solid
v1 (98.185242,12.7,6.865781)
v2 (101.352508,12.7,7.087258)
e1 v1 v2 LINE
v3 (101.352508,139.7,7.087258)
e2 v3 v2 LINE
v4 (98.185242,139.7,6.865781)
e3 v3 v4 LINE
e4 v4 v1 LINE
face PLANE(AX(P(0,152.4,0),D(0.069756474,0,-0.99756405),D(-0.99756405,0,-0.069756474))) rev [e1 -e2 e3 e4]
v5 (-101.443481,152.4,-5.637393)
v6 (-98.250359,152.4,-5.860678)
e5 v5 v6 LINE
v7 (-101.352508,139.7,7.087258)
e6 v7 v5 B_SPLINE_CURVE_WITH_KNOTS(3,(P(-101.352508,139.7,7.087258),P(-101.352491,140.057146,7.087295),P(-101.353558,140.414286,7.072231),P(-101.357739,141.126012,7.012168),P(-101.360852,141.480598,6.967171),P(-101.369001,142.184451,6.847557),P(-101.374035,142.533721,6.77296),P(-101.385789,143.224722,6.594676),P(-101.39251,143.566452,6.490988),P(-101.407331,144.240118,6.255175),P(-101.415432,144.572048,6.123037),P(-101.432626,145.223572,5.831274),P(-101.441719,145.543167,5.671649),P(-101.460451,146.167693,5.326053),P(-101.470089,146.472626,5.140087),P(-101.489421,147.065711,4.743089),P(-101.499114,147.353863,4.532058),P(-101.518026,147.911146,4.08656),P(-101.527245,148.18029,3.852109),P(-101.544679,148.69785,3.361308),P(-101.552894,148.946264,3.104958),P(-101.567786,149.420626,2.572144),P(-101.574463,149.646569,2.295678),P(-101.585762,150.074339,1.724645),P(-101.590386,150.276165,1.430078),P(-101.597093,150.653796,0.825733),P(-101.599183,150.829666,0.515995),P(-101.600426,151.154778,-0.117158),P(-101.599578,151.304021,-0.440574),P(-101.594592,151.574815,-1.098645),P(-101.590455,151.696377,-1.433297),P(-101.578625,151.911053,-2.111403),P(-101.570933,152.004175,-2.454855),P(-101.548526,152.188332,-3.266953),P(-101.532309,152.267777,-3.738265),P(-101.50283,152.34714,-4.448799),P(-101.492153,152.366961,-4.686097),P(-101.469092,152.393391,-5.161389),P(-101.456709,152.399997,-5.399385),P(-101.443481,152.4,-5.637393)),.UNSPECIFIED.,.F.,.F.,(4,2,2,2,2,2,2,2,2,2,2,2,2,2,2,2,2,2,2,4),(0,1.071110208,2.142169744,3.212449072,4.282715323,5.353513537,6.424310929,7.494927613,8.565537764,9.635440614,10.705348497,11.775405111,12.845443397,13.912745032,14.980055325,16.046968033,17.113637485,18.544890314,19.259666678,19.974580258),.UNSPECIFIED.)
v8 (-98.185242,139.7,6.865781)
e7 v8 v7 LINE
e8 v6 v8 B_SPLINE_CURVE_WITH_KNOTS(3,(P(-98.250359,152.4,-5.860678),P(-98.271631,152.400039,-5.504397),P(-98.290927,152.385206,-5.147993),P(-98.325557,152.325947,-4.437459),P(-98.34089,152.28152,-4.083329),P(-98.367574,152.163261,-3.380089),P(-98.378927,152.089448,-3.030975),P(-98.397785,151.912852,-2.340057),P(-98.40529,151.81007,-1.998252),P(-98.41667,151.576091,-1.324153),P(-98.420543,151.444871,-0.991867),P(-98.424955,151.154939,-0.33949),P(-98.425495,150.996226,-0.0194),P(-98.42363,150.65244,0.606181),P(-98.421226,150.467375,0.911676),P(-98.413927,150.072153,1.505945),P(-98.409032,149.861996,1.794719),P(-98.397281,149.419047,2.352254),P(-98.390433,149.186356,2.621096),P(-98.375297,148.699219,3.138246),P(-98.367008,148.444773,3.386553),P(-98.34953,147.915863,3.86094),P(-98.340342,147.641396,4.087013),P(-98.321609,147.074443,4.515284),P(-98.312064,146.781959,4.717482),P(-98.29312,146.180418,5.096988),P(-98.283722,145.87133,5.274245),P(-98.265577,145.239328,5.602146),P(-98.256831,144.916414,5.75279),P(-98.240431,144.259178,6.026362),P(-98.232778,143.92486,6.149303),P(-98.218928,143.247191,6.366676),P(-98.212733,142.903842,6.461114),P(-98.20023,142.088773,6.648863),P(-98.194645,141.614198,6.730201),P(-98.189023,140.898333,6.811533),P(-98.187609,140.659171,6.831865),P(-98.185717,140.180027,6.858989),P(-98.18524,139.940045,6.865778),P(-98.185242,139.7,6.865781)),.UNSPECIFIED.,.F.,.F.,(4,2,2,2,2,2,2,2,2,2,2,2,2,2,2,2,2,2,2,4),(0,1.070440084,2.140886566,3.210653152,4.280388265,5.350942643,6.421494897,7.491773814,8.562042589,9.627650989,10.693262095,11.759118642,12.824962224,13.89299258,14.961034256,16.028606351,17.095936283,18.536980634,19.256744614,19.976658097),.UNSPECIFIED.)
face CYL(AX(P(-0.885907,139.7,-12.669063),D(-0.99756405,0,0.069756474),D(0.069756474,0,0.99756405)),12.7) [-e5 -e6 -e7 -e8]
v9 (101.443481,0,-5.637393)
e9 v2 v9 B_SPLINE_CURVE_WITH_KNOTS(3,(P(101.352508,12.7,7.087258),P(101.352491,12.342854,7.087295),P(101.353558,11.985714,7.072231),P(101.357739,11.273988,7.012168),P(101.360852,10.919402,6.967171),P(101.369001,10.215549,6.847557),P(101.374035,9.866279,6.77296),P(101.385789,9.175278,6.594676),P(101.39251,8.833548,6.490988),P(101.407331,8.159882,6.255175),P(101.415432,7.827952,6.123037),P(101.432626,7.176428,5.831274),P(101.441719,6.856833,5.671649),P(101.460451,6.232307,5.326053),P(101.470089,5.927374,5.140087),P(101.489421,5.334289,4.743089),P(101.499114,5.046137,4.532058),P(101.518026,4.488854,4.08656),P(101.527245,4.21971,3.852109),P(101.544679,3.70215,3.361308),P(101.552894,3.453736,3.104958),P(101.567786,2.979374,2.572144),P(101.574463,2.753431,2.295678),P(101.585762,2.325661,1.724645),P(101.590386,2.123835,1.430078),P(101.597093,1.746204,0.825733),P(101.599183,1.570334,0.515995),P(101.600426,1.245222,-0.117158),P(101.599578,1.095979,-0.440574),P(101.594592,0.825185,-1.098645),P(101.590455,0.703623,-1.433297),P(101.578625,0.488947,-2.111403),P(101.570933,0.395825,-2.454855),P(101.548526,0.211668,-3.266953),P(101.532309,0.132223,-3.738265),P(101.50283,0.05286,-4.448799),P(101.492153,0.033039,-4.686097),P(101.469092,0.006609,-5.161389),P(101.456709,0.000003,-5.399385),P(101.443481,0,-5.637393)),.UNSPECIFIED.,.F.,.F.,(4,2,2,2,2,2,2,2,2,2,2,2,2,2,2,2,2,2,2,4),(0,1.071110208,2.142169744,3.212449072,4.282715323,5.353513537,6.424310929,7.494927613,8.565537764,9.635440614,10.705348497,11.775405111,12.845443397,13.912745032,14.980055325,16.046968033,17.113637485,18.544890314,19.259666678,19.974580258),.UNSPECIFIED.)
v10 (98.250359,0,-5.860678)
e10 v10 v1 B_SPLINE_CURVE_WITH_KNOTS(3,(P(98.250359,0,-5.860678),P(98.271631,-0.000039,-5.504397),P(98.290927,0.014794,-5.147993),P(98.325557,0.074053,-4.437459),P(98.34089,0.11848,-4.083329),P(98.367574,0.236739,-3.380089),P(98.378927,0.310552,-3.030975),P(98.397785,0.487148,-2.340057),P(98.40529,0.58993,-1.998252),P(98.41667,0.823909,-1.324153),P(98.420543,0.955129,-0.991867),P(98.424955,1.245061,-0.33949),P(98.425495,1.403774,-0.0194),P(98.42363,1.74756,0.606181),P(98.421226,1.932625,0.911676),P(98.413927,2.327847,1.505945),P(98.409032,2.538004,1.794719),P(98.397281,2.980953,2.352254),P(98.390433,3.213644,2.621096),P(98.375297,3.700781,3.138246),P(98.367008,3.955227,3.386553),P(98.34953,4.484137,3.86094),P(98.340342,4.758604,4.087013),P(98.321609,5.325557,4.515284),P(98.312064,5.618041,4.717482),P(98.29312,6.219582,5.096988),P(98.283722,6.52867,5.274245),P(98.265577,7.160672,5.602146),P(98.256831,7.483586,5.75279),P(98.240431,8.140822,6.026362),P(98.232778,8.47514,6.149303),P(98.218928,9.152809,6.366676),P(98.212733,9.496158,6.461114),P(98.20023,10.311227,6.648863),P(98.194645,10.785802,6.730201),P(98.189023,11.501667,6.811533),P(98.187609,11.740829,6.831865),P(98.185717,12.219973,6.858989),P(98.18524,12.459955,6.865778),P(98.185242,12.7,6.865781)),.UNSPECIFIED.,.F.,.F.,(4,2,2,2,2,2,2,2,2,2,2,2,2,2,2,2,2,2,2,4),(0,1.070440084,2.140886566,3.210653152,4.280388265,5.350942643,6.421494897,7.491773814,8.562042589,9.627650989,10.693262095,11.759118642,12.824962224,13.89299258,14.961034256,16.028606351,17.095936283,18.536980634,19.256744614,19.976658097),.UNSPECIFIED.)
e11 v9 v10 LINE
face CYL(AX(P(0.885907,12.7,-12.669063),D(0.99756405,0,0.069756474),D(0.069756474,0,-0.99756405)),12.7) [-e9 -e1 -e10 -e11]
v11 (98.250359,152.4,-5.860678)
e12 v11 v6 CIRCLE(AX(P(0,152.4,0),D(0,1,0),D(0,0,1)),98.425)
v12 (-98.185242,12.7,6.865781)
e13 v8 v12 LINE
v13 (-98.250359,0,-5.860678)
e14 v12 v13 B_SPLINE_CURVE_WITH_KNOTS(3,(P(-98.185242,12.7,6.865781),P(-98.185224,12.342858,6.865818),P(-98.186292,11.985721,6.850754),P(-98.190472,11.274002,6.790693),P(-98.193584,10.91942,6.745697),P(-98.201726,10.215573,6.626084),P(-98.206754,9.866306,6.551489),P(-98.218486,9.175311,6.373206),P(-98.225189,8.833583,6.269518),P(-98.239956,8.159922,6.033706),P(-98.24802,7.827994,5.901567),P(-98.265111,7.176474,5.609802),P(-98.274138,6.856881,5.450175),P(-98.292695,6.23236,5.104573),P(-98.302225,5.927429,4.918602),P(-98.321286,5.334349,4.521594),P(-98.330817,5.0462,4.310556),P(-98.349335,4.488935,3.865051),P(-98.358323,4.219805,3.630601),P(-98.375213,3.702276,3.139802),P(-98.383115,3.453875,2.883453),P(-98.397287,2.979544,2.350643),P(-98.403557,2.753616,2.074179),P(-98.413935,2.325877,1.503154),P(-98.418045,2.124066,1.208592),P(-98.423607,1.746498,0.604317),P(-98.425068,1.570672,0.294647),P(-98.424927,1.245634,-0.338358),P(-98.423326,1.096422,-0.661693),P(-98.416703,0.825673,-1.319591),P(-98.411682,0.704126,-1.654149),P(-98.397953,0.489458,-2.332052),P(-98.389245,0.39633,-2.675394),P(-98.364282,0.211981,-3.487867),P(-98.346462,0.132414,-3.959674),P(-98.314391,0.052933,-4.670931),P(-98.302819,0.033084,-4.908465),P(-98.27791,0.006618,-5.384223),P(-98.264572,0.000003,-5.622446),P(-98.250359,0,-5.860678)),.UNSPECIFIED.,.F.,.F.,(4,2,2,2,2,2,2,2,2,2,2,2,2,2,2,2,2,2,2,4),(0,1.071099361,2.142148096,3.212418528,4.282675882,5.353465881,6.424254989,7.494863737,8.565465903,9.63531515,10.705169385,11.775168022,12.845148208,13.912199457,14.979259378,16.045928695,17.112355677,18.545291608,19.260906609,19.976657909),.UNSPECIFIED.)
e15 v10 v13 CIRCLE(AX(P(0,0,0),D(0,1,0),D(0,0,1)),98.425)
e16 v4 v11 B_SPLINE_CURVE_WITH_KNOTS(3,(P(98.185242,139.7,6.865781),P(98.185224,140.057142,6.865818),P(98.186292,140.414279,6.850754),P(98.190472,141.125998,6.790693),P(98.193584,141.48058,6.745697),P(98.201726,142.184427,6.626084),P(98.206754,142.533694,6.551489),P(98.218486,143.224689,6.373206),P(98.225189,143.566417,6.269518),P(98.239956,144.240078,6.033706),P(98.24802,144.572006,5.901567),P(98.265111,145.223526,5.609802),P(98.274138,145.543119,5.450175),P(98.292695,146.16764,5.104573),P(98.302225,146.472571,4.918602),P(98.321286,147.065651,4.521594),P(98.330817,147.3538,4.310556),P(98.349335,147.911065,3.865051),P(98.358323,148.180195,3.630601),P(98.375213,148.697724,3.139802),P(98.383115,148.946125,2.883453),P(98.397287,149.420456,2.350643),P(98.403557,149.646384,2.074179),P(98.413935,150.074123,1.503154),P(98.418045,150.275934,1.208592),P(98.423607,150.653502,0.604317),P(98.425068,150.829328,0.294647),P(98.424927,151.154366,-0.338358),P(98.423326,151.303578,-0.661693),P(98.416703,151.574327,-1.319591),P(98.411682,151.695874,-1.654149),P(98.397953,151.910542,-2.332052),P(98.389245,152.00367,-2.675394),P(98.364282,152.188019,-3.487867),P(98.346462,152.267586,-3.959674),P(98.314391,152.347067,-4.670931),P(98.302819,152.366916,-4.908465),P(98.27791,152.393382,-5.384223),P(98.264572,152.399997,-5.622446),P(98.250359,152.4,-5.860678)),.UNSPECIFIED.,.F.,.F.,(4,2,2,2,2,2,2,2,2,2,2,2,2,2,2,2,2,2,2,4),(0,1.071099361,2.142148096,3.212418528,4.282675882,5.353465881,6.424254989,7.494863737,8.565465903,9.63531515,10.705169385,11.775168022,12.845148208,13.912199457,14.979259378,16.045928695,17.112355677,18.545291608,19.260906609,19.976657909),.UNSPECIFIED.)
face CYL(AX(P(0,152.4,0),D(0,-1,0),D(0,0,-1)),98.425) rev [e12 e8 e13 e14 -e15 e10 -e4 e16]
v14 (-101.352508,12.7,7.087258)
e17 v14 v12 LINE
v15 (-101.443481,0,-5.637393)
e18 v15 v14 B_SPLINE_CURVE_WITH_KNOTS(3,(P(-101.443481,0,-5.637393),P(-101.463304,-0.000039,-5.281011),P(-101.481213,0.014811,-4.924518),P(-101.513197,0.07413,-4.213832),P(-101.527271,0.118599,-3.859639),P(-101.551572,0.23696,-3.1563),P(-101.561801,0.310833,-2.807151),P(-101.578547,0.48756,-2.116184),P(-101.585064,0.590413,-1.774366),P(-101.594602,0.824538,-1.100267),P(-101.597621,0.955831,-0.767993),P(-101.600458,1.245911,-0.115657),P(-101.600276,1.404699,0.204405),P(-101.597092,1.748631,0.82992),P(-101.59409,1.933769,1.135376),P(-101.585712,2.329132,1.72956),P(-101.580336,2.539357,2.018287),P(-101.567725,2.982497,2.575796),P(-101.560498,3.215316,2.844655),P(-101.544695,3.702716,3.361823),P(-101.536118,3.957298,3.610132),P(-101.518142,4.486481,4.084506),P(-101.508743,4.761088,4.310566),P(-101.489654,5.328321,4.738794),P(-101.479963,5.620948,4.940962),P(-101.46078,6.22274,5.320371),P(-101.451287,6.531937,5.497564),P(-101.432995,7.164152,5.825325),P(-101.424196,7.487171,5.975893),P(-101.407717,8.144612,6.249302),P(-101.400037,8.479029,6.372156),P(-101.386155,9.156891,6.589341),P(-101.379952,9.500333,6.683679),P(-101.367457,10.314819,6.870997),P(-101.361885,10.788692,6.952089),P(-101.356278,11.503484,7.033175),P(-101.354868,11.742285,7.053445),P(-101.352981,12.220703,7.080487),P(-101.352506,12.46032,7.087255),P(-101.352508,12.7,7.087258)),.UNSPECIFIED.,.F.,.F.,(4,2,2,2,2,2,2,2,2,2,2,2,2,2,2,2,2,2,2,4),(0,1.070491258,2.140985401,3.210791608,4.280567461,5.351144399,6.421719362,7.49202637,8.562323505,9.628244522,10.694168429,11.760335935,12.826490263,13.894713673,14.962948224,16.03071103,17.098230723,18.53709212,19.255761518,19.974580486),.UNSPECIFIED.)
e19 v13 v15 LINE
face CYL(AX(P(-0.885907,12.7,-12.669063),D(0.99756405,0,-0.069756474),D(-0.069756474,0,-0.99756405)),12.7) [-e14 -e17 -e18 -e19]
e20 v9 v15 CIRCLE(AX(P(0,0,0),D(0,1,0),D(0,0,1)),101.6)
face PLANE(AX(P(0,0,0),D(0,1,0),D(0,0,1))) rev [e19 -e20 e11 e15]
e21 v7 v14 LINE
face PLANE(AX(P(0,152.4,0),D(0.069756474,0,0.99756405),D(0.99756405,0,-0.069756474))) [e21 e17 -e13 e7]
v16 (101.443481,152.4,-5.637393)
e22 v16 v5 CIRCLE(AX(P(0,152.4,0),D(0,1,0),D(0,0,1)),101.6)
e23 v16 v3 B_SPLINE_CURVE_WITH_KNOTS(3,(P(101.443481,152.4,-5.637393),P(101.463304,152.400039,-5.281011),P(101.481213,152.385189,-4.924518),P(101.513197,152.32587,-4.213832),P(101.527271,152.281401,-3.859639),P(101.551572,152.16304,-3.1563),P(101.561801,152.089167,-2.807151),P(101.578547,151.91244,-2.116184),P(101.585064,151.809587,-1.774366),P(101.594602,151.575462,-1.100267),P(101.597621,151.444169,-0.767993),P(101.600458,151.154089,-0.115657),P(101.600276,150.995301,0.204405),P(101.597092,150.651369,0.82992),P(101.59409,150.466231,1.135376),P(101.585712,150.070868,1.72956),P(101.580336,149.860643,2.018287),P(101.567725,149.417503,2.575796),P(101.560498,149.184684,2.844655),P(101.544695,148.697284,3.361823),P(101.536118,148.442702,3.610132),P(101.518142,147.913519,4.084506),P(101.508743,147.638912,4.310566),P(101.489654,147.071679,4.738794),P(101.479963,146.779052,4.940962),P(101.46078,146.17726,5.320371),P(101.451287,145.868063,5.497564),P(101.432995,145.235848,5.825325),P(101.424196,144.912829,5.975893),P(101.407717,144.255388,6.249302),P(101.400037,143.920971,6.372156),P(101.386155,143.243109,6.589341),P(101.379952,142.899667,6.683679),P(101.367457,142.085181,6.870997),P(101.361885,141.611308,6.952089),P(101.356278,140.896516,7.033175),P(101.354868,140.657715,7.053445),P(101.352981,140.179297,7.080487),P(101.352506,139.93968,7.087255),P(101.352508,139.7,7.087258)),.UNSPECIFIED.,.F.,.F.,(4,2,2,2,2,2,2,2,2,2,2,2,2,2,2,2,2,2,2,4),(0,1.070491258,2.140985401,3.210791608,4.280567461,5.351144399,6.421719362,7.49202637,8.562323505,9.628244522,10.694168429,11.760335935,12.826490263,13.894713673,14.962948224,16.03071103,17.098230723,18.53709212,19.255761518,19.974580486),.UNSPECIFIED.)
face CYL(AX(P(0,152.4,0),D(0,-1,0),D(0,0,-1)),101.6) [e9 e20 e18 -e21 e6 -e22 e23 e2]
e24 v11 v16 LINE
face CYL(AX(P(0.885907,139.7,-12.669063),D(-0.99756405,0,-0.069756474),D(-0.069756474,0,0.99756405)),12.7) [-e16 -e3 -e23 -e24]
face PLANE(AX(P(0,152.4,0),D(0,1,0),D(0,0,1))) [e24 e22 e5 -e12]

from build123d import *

# Parameters (mm, degrees)
SKETCH1_R           = 101.6
SKETCH1_R_2         = 98.425
BOSS_EXTRUDE1_DEPTH = 152.4
CUT_EXTRUDE1_DEPTH  = 152.4
FILLET1_R           = 12.7


with BuildPart() as part:
    # Sketch1 → Boss-Extrude1 (new body)
    with BuildSketch(Plane(origin=(0, 0, 0), x_dir=(1, 0, 0), z_dir=(0, 1, 0))):
        Circle(SKETCH1_R)
        Circle(SKETCH1_R_2, mode=Mode.SUBTRACT)
    extrude(amount=BOSS_EXTRUDE1_DEPTH)

    # Sketch2 → Cut-Extrude1 (cut)
    with BuildSketch(Plane(origin=(0, 0, 0), x_dir=(1, 0, 0), z_dir=(0, 1, 0))):
        Polygon((570.652570484, -39.903914981), (101.352507506, -7.087257732), (0, 0), (-101.352507506, -7.087257732), (-570.652570484, -39.903914981), (-570.652570484, -980.796006784), (570.652570484, -980.796006784), align=None)
    extrude(amount=CUT_EXTRUDE1_DEPTH, mode=Mode.SUBTRACT)

    # Fillet1
    fillet1_edges = [part.edges().sort_by_distance(p)[0] for p in [
        (-99.768874577, 0, 6.97651933),
        (99.768874577, 152.4, 6.97651933),
        (-99.768874577, 152.4, 6.97651933),
        (99.768874577, 0, 6.97651933),
    ]]
    fillet(fillet1_edges, radius=FILLET1_R)


solid = part.part
